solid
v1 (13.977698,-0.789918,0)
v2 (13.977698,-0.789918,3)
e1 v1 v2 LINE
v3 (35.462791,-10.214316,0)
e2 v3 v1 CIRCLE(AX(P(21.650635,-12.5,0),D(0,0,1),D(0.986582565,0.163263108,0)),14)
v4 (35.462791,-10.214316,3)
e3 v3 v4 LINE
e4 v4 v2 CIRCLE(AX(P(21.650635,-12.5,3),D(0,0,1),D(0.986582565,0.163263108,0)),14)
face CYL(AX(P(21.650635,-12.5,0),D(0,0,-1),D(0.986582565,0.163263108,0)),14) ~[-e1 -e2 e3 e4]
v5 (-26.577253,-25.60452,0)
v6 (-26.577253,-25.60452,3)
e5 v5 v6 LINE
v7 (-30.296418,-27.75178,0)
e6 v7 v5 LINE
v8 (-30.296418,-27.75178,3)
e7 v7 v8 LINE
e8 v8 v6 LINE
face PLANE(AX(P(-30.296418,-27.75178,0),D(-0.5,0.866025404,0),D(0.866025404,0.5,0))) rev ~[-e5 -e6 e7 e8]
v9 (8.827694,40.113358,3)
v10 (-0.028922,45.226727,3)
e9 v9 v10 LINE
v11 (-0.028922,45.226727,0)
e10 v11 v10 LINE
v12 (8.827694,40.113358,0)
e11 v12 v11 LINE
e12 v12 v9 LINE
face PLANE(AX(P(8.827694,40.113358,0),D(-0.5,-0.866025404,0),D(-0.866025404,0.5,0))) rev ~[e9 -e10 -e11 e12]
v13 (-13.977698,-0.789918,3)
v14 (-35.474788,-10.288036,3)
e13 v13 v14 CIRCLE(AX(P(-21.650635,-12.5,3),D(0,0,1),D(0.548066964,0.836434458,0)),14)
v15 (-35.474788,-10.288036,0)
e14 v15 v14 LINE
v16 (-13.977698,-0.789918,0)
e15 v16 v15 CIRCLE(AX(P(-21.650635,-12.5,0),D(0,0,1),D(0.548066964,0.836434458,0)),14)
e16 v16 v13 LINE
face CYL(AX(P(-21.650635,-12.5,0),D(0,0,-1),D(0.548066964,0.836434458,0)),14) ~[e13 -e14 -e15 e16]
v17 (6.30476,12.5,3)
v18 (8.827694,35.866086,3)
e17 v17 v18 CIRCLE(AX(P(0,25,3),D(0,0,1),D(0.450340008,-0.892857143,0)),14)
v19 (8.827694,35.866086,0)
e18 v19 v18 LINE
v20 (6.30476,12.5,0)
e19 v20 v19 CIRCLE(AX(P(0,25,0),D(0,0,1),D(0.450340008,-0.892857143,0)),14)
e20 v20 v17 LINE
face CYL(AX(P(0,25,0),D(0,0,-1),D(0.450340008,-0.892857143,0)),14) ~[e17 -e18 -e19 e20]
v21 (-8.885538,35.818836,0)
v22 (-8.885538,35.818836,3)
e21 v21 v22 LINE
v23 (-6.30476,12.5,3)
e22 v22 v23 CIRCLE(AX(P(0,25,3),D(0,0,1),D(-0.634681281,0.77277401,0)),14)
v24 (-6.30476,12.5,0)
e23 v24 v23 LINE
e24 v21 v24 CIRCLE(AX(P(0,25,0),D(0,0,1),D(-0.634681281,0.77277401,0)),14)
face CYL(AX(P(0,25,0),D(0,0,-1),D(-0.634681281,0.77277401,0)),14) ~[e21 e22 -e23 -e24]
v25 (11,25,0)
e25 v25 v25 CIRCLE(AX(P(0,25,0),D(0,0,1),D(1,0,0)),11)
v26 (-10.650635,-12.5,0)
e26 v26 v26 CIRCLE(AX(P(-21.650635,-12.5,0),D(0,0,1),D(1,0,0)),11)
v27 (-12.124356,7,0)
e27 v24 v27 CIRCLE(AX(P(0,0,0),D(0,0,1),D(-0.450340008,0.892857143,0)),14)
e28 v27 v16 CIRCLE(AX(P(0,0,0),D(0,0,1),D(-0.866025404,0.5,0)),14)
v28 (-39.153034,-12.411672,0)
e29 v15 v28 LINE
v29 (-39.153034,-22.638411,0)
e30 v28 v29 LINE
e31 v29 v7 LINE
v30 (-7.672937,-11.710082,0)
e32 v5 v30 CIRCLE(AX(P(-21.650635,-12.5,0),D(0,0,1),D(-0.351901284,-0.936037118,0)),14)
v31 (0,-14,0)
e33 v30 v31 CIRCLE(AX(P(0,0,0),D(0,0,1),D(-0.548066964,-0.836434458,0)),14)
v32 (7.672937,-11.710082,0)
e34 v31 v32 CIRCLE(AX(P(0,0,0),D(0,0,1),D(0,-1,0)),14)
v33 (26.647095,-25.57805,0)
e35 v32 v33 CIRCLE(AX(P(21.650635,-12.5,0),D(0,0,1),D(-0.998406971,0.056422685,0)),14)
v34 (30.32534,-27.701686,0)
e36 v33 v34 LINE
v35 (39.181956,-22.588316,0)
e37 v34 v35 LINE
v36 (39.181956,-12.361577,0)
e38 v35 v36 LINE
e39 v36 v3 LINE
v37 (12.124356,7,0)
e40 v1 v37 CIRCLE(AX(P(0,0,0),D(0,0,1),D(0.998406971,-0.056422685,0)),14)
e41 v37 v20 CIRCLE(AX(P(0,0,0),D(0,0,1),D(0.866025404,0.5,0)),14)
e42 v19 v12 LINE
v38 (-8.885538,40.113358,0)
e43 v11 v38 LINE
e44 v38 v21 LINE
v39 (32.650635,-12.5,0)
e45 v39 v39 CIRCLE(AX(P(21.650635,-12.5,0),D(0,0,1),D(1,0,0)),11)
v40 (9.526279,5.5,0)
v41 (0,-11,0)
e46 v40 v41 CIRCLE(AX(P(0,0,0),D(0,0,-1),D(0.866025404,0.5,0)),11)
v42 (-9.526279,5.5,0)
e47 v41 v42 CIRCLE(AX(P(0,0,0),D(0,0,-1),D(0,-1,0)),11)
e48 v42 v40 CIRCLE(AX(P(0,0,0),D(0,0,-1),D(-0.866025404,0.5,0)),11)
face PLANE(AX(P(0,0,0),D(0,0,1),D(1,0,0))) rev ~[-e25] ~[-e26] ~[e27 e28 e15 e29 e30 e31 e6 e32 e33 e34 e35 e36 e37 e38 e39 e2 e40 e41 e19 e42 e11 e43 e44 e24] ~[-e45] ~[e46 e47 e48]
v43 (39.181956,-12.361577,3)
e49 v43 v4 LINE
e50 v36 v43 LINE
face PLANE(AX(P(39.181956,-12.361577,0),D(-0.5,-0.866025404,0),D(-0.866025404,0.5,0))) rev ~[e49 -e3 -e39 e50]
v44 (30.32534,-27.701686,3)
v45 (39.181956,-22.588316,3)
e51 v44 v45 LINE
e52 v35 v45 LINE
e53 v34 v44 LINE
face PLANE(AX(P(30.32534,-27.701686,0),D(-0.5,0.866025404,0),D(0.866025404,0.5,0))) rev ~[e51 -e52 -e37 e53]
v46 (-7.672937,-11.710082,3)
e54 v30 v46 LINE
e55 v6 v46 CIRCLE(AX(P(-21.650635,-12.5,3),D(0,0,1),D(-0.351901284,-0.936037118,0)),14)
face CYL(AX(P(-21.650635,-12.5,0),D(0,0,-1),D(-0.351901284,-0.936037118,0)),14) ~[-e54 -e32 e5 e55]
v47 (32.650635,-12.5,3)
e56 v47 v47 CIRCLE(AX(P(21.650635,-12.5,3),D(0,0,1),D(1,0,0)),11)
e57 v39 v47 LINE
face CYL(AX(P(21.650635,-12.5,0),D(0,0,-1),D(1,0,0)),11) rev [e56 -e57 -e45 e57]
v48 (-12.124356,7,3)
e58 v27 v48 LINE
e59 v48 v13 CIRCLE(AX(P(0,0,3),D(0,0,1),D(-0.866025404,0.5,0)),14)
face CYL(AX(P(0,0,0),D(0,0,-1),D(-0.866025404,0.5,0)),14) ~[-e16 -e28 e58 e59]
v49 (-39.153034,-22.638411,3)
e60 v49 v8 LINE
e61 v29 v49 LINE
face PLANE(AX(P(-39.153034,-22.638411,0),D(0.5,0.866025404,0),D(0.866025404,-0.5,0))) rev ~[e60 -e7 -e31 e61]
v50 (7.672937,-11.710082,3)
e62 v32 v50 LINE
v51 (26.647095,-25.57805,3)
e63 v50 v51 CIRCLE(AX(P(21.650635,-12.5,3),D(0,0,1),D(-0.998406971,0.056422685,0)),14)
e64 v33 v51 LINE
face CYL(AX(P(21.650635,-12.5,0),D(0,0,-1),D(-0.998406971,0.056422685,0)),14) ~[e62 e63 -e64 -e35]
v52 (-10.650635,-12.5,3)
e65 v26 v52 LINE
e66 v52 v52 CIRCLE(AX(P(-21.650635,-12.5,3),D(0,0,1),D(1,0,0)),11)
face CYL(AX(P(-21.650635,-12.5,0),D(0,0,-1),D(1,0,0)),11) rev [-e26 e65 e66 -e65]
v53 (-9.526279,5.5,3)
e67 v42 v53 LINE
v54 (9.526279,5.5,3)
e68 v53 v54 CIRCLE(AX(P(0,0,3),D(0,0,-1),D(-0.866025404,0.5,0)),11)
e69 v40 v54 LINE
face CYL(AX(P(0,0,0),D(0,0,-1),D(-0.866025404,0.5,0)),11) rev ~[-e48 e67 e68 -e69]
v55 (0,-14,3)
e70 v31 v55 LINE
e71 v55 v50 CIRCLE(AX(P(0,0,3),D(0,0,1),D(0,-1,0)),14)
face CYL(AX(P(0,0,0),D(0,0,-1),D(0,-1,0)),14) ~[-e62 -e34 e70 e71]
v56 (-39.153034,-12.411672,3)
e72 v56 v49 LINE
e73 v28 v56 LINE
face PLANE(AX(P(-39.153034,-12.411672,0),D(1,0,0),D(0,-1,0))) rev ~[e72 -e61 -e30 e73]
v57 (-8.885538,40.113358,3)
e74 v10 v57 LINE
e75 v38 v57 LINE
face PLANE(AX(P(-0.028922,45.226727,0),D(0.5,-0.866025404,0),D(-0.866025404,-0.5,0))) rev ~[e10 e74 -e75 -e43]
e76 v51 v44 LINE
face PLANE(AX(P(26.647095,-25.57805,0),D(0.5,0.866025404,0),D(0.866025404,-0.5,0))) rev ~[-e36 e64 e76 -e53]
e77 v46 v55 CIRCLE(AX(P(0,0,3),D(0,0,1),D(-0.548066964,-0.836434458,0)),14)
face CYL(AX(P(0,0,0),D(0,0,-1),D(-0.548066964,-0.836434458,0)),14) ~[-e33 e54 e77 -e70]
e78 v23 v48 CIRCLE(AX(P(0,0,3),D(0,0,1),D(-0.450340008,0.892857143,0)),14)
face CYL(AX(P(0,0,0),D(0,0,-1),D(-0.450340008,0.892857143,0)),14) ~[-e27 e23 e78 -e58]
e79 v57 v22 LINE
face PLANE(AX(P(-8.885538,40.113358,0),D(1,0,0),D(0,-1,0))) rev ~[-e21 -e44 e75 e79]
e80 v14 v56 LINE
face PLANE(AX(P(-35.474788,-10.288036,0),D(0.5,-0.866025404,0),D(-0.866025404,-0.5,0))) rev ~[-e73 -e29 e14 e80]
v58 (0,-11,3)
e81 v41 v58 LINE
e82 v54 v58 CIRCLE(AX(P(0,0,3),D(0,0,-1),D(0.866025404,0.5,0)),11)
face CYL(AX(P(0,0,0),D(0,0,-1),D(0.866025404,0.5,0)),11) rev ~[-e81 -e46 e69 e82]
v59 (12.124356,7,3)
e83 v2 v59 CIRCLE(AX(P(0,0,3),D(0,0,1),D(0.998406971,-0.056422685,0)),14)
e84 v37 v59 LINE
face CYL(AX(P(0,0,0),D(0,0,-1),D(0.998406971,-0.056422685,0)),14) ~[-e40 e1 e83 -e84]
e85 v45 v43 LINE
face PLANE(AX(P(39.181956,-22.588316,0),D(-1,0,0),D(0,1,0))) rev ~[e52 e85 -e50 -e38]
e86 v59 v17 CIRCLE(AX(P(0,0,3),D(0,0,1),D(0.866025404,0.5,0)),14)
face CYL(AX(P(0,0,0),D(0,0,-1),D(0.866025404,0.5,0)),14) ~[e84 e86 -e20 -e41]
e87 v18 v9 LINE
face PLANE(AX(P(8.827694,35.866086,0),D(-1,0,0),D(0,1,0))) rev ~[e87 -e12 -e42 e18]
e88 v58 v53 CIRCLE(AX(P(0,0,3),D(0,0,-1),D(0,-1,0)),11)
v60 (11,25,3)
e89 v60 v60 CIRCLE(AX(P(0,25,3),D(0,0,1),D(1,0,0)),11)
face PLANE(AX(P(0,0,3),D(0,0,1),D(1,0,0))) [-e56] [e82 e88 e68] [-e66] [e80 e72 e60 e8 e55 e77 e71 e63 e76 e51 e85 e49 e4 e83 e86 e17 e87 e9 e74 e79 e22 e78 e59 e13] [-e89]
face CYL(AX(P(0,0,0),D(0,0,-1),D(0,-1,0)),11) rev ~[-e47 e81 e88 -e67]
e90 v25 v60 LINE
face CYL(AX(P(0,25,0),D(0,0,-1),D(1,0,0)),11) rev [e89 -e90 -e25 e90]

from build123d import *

# Parameters (mm, degrees)
F0_R     = 11
F1_DEPTH = 3


with BuildPart() as f1:
    # F0 (on Top) → F1 (new body)
    with BuildSketch(Plane.XY):
        with BuildLine():
            ThreePointArc((-26.5772530672, -25.6045196536), (-13.359413403, -23.7807642853), (-7.6729374941, -11.710082417))
            ThreePointArc((-7.6729374941, -11.710082417), (-4.0036761959, -13.4153112867), (0, -14))
            ThreePointArc((0, -14), (4.0036761959, -13.4153112867), (7.6729374941, -11.710082417))
            ThreePointArc((7.6729374941, -11.710082417), (13.3895340738, -23.80284079), (26.6470947033, -25.5780499838))
            Line((26.6470947033, -25.5780499838), (30.3253398397, -27.7016858035))
            Line((30.3253398397, -27.7016858035), (39.1819556656, -22.5883162723))
            Line((39.1819556656, -22.5883162723), (39.1819556656, -12.3615772099))
            Line((39.1819556656, -12.3615772099), (35.4627910053, -10.2143164922))
            ThreePointArc((35.4627910053, -10.2143164922), (27.274452694, 0.320790756), (13.9776976005, -0.789917583))
            ThreePointArc((13.9776976005, -0.789917583), (13.6198384719, 3.2403703492), (12.124355653, 7))
            ThreePointArc((12.124355653, 7), (9.616162276, 10.1749409375), (6.3047601065, 12.5))
            ThreePointArc((6.3047601065, 12.5), (13.9190977695, 23.4970970478), (8.8276937136, 35.866085942))
            Line((8.8276937136, 35.866085942), (8.8276937136, 40.1133575813))
            Line((8.8276937136, 40.1133575813), (-0.0289221123, 45.2267271125))
            Line((-0.0289221123, 45.2267271125), (-8.8855379381, 40.1133575813))
            Line((-8.8855379381, 40.1133575813), (-8.8855379381, 35.8188361458))
            ThreePointArc((-8.8855379381, 35.8188361458), (-13.915039291, 23.4599735294), (-6.3047601065, 12.5))
            ThreePointArc((-6.3047601065, 12.5), (-9.616162276, 10.1749409375), (-12.124355653, 7))
            ThreePointArc((-12.124355653, 7), (-13.6198384719, 3.2403703492), (-13.9776976005, -0.789917583))
            ThreePointArc((-13.9776976005, -0.789917583), (-27.3086318433, 0.3057437422), (-35.4747884169, -10.2880359582))
            Line((-35.4747884169, -10.2880359582), (-39.1530335533, -12.4116717778))
            Line((-39.1530335533, -12.4116717778), (-39.1530335533, -22.6384108402))
            Line((-39.1530335533, -22.6384108402), (-30.2964177275, -27.7517803714))
            Line((-30.2964177275, -27.7517803714), (-26.5772530672, -25.6045196536))
        make_face()
        with Locations((-21.6506350946, -12.5)):
            Circle(F0_R, mode=Mode.SUBTRACT)
        with BuildLine():
            ThreePointArc((0, -11), (-9.5262794416, -5.5), (-9.5262794416, 5.5))
            ThreePointArc((-9.5262794416, 5.5), (0, 11), (9.5262794416, 5.5))
            ThreePointArc((9.5262794416, 5.5), (9.5262794416, -5.5), (0, -11))
        make_face(mode=Mode.SUBTRACT)
        with Locations((21.6506350946, -12.5)):
            Circle(F0_R, mode=Mode.SUBTRACT)
        with Locations((0, 25)):
            Circle(F0_R, mode=Mode.SUBTRACT)
    extrude(amount=F1_DEPTH)


solid = f1.part
